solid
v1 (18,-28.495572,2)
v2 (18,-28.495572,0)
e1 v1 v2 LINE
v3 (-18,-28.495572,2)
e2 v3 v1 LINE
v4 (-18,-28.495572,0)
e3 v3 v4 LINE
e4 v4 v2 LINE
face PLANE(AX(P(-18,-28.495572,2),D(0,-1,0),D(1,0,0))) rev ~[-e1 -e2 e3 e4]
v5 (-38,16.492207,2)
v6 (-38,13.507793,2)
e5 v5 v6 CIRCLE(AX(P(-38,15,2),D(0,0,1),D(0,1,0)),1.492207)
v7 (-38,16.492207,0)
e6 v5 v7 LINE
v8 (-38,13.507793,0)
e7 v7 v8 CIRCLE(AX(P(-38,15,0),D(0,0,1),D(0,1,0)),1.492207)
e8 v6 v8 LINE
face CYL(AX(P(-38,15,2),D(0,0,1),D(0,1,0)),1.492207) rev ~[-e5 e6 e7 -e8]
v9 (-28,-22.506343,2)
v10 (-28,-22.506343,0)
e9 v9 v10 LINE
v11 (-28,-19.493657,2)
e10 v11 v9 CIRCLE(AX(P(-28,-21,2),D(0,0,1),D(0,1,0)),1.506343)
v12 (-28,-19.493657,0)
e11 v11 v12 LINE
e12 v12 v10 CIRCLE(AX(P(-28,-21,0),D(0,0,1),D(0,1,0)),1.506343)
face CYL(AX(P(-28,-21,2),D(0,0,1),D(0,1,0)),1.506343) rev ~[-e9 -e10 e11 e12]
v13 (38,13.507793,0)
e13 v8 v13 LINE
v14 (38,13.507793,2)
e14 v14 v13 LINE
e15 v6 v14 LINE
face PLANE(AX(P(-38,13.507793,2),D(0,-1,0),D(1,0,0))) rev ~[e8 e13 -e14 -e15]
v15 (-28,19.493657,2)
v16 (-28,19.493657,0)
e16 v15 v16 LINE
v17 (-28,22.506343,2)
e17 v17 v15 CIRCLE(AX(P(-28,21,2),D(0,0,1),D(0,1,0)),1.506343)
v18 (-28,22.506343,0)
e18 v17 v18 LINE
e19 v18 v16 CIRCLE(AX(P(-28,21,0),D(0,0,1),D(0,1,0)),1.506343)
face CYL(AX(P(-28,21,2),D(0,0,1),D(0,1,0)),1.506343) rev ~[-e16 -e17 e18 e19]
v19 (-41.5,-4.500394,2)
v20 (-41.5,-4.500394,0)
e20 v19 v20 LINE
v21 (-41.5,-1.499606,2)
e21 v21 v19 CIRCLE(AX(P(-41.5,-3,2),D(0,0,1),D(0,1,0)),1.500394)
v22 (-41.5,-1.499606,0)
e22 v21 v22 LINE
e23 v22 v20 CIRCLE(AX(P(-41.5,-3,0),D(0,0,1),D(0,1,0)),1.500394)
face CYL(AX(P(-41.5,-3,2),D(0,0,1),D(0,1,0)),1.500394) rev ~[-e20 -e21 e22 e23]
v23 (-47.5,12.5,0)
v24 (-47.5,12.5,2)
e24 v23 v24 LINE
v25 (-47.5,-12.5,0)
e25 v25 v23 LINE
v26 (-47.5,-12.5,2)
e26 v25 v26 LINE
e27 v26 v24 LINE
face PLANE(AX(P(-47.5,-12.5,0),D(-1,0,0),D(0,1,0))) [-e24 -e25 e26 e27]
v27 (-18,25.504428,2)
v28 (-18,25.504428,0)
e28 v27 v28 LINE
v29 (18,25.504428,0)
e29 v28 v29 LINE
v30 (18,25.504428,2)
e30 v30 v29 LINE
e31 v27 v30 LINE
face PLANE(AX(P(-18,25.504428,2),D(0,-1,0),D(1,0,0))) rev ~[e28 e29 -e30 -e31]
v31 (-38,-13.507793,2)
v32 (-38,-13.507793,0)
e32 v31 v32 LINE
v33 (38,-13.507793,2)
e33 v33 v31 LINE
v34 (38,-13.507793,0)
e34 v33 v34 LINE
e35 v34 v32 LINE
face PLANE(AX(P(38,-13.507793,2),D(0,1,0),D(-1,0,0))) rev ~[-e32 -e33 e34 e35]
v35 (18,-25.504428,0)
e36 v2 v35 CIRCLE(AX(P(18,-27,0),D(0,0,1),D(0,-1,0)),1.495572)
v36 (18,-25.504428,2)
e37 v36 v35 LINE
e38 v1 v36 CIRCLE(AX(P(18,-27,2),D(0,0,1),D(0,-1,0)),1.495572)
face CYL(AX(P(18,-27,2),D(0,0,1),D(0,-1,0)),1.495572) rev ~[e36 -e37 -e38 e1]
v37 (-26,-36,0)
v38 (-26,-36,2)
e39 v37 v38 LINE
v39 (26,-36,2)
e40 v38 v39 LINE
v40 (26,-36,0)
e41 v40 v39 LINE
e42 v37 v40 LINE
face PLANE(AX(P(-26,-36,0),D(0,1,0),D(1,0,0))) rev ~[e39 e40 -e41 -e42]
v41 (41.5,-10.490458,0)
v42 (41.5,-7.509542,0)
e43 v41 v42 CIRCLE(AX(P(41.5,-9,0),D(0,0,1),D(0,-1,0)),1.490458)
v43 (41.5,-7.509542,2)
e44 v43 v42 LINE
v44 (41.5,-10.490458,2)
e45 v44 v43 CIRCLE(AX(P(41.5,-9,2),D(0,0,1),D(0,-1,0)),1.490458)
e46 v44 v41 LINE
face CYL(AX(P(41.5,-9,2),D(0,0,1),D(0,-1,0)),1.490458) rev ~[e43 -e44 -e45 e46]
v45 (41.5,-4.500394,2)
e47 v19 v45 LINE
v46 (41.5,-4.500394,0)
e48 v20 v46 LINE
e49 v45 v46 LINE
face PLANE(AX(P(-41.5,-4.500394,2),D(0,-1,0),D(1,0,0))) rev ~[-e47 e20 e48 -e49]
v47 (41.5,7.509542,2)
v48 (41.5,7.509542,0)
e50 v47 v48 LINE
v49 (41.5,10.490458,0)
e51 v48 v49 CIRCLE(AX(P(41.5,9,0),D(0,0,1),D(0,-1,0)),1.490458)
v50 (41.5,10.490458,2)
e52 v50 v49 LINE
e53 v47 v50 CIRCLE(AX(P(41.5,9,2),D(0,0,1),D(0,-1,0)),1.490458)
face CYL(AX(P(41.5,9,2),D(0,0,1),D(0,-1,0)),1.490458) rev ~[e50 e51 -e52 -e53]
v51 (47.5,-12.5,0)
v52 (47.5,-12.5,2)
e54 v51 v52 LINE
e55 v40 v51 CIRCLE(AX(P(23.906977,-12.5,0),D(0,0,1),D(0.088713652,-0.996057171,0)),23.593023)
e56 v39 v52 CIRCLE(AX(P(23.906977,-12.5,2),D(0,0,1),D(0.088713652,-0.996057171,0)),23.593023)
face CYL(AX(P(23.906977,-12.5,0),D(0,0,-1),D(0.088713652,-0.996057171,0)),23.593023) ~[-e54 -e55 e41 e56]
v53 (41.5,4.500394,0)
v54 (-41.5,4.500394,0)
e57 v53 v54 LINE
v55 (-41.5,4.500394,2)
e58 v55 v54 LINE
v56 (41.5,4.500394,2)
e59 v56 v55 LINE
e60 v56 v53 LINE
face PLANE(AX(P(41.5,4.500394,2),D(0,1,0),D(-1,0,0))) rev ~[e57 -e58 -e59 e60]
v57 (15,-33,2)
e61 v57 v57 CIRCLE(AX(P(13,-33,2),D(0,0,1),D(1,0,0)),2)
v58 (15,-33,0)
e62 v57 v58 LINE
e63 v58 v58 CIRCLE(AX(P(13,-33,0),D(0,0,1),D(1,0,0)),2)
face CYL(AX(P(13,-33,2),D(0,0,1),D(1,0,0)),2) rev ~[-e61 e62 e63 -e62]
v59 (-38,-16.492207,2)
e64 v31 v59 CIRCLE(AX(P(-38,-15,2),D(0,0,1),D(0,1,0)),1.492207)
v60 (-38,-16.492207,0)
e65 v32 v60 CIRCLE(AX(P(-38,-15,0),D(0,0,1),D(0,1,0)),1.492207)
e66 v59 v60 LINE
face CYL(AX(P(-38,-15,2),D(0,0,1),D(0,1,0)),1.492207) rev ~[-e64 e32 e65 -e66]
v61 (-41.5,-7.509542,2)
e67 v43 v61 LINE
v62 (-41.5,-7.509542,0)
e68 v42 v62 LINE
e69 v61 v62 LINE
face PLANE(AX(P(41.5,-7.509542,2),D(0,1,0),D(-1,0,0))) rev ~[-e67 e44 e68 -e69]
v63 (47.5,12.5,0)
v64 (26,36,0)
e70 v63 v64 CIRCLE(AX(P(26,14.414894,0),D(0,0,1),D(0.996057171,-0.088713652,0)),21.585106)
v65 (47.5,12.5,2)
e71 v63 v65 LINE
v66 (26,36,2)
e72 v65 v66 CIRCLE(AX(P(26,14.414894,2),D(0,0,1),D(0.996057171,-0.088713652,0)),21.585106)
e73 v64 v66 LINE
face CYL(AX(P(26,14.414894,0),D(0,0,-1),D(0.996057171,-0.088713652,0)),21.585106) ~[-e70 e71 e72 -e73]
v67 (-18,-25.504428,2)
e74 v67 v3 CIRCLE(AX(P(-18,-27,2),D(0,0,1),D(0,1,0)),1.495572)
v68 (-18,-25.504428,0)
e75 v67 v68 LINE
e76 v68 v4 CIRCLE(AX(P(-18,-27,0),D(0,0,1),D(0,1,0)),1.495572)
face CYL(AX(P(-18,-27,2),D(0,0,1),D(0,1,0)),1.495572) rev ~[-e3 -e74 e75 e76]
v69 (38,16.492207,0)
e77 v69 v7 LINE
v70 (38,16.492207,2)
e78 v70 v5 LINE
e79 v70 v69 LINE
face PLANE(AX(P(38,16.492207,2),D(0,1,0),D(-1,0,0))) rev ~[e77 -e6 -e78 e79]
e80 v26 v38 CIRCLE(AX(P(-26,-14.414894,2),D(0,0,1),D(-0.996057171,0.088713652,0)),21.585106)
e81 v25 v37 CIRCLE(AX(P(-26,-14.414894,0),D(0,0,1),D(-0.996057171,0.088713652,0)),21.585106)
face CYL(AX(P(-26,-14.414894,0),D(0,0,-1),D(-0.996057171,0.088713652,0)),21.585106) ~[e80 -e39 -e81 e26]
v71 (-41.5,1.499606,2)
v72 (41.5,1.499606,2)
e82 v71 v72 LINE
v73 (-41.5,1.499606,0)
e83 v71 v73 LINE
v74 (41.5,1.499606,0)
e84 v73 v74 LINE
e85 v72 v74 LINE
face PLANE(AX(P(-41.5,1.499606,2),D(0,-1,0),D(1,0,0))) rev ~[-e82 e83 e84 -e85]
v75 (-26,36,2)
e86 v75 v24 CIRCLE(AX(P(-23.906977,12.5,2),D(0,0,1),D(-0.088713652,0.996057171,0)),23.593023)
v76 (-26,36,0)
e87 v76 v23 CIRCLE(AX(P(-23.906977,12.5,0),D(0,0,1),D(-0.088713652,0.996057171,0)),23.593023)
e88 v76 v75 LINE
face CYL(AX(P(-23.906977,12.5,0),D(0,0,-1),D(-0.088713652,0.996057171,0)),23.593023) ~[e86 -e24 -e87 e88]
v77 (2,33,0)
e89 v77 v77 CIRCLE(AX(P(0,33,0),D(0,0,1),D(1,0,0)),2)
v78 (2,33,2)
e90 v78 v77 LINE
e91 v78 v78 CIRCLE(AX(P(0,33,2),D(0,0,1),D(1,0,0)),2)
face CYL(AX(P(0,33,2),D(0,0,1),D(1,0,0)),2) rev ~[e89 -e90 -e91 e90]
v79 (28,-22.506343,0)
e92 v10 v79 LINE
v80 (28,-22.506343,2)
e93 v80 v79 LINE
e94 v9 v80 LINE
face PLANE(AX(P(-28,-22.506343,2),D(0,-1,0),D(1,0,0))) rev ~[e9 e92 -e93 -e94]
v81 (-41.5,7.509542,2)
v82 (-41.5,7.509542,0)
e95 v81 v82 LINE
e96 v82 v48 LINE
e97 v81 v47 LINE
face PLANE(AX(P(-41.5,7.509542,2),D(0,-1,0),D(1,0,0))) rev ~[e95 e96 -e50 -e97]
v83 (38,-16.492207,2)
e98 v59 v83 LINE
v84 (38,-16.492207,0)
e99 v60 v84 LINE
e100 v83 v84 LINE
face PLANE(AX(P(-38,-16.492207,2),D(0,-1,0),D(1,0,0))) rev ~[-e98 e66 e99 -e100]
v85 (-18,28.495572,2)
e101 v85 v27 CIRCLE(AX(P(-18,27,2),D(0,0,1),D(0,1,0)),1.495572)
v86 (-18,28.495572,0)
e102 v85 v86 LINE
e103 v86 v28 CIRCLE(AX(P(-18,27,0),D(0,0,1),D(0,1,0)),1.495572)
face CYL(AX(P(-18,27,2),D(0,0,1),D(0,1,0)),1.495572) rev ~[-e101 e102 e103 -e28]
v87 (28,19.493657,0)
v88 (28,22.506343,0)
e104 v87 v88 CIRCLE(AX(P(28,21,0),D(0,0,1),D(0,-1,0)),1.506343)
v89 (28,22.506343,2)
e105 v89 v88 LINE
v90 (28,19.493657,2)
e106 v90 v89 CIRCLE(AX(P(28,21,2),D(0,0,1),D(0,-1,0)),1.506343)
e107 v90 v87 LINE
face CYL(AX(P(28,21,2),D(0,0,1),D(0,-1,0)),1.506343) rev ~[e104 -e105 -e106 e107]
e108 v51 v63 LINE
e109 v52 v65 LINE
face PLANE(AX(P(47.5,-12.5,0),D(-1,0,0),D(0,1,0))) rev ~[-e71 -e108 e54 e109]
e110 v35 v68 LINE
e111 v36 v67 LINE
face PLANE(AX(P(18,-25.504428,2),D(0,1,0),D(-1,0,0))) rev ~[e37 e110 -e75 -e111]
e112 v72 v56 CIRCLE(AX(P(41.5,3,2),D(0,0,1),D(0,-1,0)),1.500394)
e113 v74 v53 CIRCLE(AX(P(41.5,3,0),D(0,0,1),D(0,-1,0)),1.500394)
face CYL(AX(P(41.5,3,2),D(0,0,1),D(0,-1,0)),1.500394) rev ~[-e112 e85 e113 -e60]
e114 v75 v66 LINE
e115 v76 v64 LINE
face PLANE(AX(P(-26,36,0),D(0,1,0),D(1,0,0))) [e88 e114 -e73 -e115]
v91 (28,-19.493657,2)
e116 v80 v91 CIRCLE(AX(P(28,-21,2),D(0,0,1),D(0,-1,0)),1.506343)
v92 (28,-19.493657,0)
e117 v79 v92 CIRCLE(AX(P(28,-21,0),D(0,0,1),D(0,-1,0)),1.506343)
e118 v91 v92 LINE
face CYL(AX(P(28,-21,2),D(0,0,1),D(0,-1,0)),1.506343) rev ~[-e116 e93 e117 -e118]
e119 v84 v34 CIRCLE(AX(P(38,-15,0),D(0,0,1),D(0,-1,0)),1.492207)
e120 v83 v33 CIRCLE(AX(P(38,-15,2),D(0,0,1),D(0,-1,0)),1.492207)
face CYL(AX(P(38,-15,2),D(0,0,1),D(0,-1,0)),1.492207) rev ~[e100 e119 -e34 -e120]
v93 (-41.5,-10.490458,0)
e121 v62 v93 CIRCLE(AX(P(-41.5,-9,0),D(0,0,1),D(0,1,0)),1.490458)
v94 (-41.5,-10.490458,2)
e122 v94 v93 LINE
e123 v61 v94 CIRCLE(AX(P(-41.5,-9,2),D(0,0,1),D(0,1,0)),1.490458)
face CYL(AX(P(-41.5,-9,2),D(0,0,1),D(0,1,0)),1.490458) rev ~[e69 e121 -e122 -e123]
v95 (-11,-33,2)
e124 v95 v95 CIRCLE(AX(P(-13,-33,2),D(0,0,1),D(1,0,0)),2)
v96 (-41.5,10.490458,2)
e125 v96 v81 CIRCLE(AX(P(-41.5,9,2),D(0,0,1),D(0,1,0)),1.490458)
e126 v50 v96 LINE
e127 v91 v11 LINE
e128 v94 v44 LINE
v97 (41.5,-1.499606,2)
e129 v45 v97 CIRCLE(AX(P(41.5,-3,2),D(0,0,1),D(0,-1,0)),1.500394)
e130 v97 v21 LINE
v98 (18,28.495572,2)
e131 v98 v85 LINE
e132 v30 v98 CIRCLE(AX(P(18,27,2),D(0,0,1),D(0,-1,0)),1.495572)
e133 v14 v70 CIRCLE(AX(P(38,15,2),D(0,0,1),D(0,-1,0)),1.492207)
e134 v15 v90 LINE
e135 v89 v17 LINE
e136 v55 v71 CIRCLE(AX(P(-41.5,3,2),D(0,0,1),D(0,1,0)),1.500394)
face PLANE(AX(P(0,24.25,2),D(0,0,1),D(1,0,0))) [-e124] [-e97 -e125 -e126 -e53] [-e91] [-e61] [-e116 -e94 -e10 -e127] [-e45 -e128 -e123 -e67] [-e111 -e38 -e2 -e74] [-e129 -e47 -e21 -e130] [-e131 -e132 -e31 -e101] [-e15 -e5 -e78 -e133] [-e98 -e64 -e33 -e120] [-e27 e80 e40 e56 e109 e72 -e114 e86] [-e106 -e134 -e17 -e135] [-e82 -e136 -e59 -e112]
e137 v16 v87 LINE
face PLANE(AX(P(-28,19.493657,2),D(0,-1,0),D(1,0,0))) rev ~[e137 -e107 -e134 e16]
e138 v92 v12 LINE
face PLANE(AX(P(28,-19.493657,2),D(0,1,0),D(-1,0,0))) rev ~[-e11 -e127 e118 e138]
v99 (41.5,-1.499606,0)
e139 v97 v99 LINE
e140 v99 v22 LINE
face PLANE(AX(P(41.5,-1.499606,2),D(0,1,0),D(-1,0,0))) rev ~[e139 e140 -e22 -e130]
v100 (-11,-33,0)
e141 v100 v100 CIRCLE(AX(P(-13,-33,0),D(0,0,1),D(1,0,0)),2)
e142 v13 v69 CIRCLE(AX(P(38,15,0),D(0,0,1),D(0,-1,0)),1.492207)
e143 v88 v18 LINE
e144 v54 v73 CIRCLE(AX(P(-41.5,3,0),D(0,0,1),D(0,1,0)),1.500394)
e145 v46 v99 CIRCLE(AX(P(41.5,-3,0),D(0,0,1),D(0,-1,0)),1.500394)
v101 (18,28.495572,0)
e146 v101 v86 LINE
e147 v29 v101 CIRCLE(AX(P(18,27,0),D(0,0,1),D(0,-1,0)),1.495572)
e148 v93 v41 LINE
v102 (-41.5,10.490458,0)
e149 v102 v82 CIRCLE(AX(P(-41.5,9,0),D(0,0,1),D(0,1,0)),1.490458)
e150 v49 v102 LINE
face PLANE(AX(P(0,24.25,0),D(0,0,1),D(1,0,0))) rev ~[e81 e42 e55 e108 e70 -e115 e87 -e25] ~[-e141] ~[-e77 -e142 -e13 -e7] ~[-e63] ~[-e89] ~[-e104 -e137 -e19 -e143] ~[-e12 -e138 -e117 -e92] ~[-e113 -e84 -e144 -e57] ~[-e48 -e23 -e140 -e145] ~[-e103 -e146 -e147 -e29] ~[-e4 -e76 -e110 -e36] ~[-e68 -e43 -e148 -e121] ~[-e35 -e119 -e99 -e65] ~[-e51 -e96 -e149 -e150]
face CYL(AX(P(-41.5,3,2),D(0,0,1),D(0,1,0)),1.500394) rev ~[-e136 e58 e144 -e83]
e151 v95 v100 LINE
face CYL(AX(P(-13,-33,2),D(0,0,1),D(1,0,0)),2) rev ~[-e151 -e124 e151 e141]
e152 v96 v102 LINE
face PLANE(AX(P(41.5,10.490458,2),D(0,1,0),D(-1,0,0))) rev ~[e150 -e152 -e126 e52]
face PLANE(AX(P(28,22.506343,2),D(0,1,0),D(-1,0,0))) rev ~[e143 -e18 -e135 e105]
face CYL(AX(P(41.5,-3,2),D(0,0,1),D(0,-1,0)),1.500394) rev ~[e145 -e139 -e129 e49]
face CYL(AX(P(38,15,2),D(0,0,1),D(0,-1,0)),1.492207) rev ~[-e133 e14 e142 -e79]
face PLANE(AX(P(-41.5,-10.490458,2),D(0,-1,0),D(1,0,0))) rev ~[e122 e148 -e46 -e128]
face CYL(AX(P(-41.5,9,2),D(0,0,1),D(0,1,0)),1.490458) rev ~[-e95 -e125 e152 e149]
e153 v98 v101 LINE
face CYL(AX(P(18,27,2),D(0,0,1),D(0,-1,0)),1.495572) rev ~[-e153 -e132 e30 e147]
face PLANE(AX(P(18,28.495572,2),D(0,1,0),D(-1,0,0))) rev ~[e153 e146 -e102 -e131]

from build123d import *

# Parameters (mm, degrees)
SKETCH1_W           = 52
SKETCH1_H           = 23.5
SKETCH1_W_2         = 21.5
SKETCH1_H_2         = 25
BOSS_EXTRUDE1_DEPTH = 2
CUT_EXTRUDE1_DEPTH  = 2
SKETCH3_R           = 2
CUT_EXTRUDE2_DEPTH  = 10


with BuildPart() as part:
    # Sketch1 → Boss-Extrude1 (new body)
    with BuildSketch(Plane.XY):
        with Locations((0, 24.25)):
            Rectangle(SKETCH1_W, SKETCH1_H)
        with BuildLine():
            Line((26, 36), (26, 12.5))
            Line((26, 12.5), (47.5, 12.5))
            ThreePointArc((47.5, 12.5), (41.925608309, 28.985131006), (26, 36))
        make_face()
        with Locations((36.75, 0)):
            Rectangle(SKETCH1_W_2, SKETCH1_H_2)
        Rectangle(SKETCH1_W, SKETCH1_H_2)
        with BuildLine():
            Line((47.5, -12.5), (26, -12.5))
            Line((26, -12.5), (26, -36))
            ThreePointArc((26, -36), (41.314036989, -28.425608309), (47.5, -12.5))
        make_face()
        with Locations((0, -24.25)):
            Rectangle(SKETCH1_W, SKETCH1_H)
        with BuildLine():
            Line((-26, -12.5), (-47.5, -12.5))
            ThreePointArc((-47.5, -12.5), (-41.925608309, -28.985131006), (-26, -36))
            Line((-26, -36), (-26, -12.5))
        make_face()
        with Locations((-36.75, 0)):
            Rectangle(SKETCH1_W_2, SKETCH1_H_2)
        with BuildLine():
            ThreePointArc((-26, 36), (-41.314036989, 28.425608309), (-47.5, 12.5))
            Line((-47.5, 12.5), (-26, 12.5))
            Line((-26, 12.5), (-26, 36))
        make_face()
    extrude(amount=BOSS_EXTRUDE1_DEPTH)

    # Sketch2 → Cut-Extrude1 (cut)
    with BuildSketch(Plane.XY.offset(2)):
        with BuildLine():
            Line((0, -1.499605822), (-41.5, -1.499605822))
            ThreePointArc((-41.5, -1.499605822), (-43.000394178, -3), (-41.5, -4.500394178))
            Line((-41.5, -4.500394178), (41.5, -4.500394178))
            ThreePointArc((41.5, -4.500394178), (43.000394178, -3), (41.5, -1.499605822))
            Line((41.5, -1.499605822), (0, -1.499605822))
        make_face()
        with BuildLine():
            ThreePointArc((-18, 28.495571567), (-19.495571567, 27), (-18, 25.504428433))
            Line((-18, 25.504428433), (18, 25.504428433))
            ThreePointArc((18, 25.504428433), (19.495571567, 27), (18, 28.495571567))
            Line((18, 28.495571567), (-18, 28.495571567))
        make_face()
        with BuildLine():
            Line((41.5, -7.509541658), (-41.5, -7.509541658))
            ThreePointArc((-41.5, -7.509541658), (-42.990458342, -9), (-41.5, -10.490458342))
            Line((-41.5, -10.490458342), (41.5, -10.490458342))
            ThreePointArc((41.5, -10.490458342), (42.990458342, -9), (41.5, -7.509541658))
        make_face()
        with BuildLine():
            Line((38, -13.507793121), (-38, -13.507793121))
            ThreePointArc((-38, -13.507793121), (-39.492206879, -15), (-38, -16.492206879))
            Line((-38, -16.492206879), (38, -16.492206879))
            ThreePointArc((38, -16.492206879), (39.492206879, -15), (38, -13.507793121))
        make_face()
        with BuildLine():
            Line((28, -19.493656832), (-28, -19.493656832))
            ThreePointArc((-28, -19.493656832), (-29.506343168, -21), (-28, -22.506343168))
            Line((-28, -22.506343168), (0, -22.506343168))
            Line((0, -22.506343168), (28, -22.506343168))
            ThreePointArc((28, -22.506343168), (29.506343168, -21), (28, -19.493656832))
        make_face()
        with BuildLine():
            Line((18, -25.504428433), (-18, -25.504428433))
            ThreePointArc((-18, -25.504428433), (-19.495571567, -27), (-18, -28.495571567))
            Line((-18, -28.495571567), (18, -28.495571567))
            ThreePointArc((18, -28.495571567), (19.495571567, -27), (18, -25.504428433))
        make_face()
        with BuildLine():
            ThreePointArc((-28, 22.506343168), (-29.506343168, 21), (-28, 19.493656832))
            Line((-28, 19.493656832), (28, 19.493656832))
            ThreePointArc((28, 19.493656832), (29.506343168, 21), (28, 22.506343168))
            Line((28, 22.506343168), (0, 22.506343168))
            Line((0, 22.506343168), (-28, 22.506343168))
        make_face()
        with BuildLine():
            ThreePointArc((-38, 16.492206879), (-39.492206879, 15), (-38, 13.507793121))
            Line((-38, 13.507793121), (38, 13.507793121))
            ThreePointArc((38, 13.507793121), (39.492206879, 15), (38, 16.492206879))
            Line((38, 16.492206879), (-38, 16.492206879))
        make_face()
        with BuildLine():
            ThreePointArc((-41.5, 10.490458342), (-42.990458342, 9), (-41.5, 7.509541658))
            Line((-41.5, 7.509541658), (41.5, 7.509541658))
            ThreePointArc((41.5, 7.509541658), (42.990458342, 9), (41.5, 10.490458342))
            Line((41.5, 10.490458342), (-41.5, 10.490458342))
        make_face()
        with BuildLine():
            ThreePointArc((-41.5, 4.500394178), (-43.000394178, 3), (-41.5, 1.499605822))
            Line((-41.5, 1.499605822), (41.5, 1.499605822))
            ThreePointArc((41.5, 1.499605822), (43.000394178, 3), (41.5, 4.500394178))
            Line((41.5, 4.500394178), (-41.5, 4.500394178))
        make_face()
    extrude(amount=-CUT_EXTRUDE1_DEPTH, mode=Mode.SUBTRACT)

    # Sketch3 → Cut-Extrude2 (cut)
    with BuildSketch(Plane.XY.offset(2)):
        with Locations((0, 33)):
            Circle(SKETCH3_R)
        with Locations((-13, -33)):
            Circle(SKETCH3_R)
        with Locations((13, -33)):
            Circle(SKETCH3_R)
    extrude(amount=-CUT_EXTRUDE2_DEPTH, mode=Mode.SUBTRACT)


solid = part.part
